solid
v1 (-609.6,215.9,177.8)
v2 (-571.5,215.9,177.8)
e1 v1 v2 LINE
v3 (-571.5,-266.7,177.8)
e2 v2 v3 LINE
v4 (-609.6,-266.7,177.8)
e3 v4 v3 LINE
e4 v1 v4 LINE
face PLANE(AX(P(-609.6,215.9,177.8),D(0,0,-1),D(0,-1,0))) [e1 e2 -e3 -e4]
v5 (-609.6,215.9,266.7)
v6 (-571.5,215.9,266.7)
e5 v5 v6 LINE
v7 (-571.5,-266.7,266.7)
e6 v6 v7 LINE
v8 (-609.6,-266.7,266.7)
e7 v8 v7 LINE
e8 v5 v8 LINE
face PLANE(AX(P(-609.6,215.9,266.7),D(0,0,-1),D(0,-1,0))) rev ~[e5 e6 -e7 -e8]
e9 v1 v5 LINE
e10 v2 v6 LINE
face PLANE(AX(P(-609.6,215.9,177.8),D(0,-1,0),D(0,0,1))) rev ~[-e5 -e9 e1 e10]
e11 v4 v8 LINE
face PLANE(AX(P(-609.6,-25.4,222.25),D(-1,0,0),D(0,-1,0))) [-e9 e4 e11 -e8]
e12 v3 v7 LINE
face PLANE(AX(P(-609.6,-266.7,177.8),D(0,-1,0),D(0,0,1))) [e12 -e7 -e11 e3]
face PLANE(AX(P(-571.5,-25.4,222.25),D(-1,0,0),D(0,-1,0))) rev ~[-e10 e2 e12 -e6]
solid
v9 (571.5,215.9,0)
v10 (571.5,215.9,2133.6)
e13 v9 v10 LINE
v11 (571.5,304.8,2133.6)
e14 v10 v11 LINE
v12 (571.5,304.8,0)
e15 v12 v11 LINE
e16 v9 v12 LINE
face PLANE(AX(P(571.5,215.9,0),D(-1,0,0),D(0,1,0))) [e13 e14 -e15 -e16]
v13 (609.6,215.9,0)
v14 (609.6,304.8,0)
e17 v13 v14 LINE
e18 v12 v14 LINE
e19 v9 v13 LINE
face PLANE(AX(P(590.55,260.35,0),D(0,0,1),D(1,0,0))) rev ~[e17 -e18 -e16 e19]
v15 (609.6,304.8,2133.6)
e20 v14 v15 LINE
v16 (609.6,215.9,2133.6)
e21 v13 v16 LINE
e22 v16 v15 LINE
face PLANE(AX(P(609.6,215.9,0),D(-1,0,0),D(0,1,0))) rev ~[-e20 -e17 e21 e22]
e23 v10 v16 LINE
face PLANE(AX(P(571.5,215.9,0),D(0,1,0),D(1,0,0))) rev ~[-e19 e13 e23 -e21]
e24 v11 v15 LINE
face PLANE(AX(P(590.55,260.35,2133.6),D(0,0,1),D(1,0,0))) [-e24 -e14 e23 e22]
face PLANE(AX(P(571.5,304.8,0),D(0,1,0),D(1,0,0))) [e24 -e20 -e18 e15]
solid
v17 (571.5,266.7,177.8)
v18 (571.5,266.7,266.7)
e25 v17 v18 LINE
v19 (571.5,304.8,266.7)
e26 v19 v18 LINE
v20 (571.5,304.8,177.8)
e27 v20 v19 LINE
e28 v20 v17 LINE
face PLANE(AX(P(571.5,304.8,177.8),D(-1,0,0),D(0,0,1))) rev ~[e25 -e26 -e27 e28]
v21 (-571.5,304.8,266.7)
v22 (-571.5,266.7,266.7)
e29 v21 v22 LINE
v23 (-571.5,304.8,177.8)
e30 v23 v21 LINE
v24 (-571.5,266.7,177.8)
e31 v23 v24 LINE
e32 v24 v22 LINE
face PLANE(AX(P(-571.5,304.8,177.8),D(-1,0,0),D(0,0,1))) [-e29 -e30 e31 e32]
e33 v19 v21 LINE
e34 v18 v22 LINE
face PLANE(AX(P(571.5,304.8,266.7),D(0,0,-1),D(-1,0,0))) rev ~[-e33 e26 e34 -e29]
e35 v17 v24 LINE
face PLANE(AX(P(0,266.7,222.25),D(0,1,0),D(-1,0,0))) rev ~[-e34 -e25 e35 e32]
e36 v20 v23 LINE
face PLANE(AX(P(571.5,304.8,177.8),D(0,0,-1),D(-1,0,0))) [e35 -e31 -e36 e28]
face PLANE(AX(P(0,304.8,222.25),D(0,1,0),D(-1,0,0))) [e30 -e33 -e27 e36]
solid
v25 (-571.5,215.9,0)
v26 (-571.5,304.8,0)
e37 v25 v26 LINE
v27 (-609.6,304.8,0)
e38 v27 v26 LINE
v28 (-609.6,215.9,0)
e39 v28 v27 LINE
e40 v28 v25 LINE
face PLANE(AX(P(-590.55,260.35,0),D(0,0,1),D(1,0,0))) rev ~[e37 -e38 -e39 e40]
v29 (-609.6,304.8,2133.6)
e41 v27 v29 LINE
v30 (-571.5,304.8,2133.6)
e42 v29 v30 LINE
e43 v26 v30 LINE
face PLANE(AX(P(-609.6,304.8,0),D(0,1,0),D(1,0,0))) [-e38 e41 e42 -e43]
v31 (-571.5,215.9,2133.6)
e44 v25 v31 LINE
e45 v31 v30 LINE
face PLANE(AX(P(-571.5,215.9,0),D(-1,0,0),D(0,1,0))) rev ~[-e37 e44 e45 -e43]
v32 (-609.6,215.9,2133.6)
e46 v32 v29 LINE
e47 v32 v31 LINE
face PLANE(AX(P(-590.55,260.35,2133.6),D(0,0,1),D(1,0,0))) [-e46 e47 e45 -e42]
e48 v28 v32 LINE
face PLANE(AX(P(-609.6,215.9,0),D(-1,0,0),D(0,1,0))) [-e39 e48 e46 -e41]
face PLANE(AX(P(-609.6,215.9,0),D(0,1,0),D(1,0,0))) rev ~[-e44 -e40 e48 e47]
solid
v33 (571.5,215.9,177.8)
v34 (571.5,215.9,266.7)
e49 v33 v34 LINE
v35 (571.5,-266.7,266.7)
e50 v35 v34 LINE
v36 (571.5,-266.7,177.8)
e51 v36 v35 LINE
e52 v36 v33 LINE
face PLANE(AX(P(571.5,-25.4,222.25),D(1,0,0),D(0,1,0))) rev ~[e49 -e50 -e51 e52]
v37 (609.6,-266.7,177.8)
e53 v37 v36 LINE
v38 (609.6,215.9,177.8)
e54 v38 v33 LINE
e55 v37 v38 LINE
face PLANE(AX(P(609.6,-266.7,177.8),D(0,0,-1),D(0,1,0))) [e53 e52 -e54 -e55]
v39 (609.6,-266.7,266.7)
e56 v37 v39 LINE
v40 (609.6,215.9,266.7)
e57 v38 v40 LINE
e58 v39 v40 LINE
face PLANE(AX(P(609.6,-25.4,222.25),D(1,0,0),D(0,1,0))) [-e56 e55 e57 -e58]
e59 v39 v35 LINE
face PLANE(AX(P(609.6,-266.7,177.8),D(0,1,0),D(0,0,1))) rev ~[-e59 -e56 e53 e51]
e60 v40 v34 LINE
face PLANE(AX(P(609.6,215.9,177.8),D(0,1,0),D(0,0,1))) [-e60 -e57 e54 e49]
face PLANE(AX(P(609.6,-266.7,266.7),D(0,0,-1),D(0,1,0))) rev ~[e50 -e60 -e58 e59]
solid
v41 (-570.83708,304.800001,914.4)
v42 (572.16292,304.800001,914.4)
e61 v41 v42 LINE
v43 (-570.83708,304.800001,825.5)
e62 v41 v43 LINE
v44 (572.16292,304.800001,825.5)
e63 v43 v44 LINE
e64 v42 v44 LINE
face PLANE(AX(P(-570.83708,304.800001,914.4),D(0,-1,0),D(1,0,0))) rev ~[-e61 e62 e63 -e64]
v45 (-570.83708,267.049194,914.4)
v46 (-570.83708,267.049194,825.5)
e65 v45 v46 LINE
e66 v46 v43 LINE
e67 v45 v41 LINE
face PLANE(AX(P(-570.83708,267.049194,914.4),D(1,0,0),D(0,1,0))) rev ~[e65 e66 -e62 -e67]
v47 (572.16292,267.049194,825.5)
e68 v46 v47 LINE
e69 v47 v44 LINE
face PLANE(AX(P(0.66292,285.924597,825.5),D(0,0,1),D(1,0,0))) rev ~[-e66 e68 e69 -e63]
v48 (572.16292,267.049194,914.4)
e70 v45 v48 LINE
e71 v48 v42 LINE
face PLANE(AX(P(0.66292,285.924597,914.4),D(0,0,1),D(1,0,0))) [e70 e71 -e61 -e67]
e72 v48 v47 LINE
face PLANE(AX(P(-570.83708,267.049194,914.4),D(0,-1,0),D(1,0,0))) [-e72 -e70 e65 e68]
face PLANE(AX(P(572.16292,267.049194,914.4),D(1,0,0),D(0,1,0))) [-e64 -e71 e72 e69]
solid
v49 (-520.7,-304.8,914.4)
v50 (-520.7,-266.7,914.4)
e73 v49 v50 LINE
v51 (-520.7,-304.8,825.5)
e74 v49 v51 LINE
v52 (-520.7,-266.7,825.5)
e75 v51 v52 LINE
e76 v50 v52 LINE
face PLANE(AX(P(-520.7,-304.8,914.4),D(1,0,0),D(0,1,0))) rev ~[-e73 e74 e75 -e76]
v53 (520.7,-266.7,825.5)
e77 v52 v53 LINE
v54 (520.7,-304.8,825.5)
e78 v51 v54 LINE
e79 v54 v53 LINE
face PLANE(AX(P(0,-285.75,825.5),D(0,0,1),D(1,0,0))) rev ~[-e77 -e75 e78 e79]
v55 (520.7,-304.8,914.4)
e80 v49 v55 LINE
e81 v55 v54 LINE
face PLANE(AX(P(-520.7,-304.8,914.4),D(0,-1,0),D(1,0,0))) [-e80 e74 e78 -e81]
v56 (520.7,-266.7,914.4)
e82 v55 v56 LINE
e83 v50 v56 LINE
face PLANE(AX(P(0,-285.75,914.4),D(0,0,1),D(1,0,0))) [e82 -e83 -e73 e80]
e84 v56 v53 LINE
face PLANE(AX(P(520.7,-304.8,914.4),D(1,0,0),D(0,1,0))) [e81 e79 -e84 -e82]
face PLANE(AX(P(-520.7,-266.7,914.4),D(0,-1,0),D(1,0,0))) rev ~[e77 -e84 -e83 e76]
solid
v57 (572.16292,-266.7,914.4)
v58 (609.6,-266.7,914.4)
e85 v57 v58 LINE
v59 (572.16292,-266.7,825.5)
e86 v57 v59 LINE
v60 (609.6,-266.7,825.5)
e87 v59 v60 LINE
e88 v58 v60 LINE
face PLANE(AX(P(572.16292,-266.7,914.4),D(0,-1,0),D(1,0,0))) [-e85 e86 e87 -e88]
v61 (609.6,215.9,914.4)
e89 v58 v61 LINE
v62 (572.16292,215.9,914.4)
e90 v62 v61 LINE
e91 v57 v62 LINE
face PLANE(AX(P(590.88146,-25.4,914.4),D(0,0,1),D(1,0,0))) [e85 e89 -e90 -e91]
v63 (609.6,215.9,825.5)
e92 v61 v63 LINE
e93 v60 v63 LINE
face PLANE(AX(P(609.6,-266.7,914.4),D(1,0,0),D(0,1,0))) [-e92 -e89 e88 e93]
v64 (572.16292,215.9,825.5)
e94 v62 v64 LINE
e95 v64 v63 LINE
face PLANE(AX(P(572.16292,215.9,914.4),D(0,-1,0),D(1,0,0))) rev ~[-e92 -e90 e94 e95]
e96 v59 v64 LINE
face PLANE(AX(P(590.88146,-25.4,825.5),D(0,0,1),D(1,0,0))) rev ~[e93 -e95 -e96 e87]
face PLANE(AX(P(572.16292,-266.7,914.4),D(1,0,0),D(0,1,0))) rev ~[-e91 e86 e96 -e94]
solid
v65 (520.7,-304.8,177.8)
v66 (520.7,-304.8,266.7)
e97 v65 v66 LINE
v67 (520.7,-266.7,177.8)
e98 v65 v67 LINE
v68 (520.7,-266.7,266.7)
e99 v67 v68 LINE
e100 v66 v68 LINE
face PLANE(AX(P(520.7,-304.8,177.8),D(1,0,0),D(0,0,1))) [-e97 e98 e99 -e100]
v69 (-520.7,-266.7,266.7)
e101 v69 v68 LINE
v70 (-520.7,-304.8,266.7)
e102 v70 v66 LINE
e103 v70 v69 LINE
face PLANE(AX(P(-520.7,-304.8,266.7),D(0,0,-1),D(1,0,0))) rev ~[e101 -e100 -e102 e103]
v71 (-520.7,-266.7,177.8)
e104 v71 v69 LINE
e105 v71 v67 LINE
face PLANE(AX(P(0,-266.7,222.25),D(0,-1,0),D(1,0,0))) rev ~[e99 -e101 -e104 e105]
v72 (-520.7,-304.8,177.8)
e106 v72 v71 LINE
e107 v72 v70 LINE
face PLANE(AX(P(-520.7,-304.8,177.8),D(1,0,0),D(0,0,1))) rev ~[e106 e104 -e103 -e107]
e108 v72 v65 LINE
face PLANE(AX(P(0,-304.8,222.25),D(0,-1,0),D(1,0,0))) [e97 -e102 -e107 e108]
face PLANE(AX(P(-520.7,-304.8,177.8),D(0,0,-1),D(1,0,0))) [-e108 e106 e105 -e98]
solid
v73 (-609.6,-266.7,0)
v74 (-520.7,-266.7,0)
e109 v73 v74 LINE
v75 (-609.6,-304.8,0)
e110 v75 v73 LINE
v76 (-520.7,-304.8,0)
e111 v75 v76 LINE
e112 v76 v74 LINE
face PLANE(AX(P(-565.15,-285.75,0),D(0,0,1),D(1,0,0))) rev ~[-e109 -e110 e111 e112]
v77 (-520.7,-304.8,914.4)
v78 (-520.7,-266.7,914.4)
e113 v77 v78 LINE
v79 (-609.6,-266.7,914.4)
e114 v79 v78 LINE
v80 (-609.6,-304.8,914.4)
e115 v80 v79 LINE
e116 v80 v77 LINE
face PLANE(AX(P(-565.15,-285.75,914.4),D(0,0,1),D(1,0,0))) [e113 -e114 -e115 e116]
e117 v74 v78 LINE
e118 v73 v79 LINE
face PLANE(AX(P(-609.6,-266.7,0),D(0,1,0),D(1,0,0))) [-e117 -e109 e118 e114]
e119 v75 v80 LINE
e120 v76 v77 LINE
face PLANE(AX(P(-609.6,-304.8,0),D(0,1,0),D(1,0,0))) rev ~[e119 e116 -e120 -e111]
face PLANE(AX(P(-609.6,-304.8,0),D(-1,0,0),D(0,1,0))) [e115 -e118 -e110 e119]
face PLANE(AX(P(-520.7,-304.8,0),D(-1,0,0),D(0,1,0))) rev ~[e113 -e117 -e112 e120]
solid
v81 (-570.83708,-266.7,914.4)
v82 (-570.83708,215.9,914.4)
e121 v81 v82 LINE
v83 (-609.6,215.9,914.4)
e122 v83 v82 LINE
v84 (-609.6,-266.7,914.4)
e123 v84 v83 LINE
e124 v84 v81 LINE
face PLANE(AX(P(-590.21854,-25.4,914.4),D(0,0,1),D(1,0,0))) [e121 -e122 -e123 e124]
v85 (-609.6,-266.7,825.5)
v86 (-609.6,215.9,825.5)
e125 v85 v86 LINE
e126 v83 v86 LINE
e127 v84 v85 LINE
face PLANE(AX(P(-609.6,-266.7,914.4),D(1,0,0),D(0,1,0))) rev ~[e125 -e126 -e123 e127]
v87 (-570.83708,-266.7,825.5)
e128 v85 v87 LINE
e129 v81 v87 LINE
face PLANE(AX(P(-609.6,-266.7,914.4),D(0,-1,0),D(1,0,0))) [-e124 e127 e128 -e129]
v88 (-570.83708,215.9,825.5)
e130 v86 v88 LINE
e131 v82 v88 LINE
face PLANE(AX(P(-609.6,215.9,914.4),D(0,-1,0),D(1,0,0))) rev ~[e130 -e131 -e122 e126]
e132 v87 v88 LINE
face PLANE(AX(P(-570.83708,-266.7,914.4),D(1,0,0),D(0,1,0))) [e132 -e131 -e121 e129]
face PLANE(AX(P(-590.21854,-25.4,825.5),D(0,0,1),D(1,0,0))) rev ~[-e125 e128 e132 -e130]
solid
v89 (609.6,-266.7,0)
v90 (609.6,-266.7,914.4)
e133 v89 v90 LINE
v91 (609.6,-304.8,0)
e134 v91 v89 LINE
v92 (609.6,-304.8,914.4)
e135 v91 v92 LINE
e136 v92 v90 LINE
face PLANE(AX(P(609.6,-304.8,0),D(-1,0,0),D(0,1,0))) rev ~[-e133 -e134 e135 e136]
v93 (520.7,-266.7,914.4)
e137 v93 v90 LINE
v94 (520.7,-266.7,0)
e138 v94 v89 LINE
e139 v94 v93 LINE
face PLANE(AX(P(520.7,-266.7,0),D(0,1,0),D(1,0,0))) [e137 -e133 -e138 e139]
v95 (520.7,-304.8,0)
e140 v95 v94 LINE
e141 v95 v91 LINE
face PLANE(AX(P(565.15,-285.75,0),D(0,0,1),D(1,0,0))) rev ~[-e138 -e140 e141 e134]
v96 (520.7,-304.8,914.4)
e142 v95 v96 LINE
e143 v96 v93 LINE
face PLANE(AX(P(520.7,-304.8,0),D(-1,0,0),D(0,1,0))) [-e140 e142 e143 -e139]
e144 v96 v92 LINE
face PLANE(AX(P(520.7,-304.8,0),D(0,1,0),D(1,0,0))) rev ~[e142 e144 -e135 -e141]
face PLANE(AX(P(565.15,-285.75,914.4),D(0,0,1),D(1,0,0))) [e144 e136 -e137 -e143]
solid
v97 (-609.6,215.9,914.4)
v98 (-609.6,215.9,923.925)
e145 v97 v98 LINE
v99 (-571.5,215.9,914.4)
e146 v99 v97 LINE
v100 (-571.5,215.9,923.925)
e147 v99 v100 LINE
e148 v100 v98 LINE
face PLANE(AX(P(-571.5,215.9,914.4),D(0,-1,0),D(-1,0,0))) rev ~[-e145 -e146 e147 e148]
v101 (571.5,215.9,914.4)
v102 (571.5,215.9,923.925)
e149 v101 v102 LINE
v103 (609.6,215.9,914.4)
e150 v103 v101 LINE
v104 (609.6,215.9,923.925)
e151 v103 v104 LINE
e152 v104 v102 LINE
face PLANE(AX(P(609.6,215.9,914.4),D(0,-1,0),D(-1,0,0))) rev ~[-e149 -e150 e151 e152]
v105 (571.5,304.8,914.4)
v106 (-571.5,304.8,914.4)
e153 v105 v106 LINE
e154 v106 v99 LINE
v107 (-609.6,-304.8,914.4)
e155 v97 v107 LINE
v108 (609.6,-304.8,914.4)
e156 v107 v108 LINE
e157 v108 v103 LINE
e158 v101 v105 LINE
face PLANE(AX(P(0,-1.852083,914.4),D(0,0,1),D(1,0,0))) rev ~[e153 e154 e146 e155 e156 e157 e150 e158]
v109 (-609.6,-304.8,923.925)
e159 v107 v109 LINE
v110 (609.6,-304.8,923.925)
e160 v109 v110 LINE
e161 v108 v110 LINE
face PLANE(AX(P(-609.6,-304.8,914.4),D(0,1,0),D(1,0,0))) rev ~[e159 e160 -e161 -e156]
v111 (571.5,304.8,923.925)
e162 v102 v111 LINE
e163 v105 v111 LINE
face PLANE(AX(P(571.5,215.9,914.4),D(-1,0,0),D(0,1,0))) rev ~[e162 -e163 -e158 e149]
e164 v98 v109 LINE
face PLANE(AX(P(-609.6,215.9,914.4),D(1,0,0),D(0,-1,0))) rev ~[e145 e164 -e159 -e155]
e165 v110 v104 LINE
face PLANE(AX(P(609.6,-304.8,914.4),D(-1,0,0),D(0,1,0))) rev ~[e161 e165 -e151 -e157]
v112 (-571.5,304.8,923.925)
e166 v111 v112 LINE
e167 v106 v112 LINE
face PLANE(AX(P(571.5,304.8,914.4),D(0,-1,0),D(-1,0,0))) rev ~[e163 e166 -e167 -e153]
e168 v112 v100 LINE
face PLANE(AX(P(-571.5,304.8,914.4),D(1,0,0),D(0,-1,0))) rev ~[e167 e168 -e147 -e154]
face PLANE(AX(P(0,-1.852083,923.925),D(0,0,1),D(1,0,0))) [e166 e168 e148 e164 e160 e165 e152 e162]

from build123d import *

# Parameters (mm, degrees)
F0_W      = 38.1
F0_H      = 88.9
F1_DEPTH  = 2133.6
F0_W_2    = 88.9
F0_H_2    = 38.1
F2_DEPTH  = 914.4
F3_W      = 1041.4
F3_H      = 88.9
F4_DEPTH  = 38.1
F5_W      = 482.6
F5_H      = 88.9
F6_DEPTH  = 38.1
F7_W      = 1143
F7_H      = 88.9
F8_DEPTH  = 38.1
F9_W      = 482.6
F9_H      = 88.9
F10_DEPTH = 38.1
F11_W     = 38.76292
F11_H     = 482.6
F11_W_2   = 1143
F11_H_2   = 37.750807
F11_W_3   = 37.43708
F11_W_4   = 1041.4
F11_H_3   = 38.1
F12_DEPTH = 88.9
F14_DEPTH = 9.525


with BuildPart() as f1:
    # F0 (on Top) → F1 (new body)
    with BuildSketch(Plane.XY):
        with Locations((-590.55, 260.35)):
            Rectangle(F0_W, F0_H)
        with Locations((590.55, 260.35)):
            Rectangle(F0_W, F0_H)
    extrude(amount=F1_DEPTH)


with BuildPart() as f2:
    # F0 (on Top) → F2 (new body)
    with BuildSketch(Plane.XY):
        with Locations((-565.15, -285.75)):
            Rectangle(F0_W_2, F0_H_2)
        with Locations((565.15, -285.75)):
            Rectangle(F0_W_2, F0_H_2)
    extrude(amount=F2_DEPTH)


with BuildPart() as f4:
    # F3 (on face) → F4 (new body)
    with BuildSketch(Plane.XZ.offset(304.8)):
        with Locations((0, 222.25)):
            Rectangle(F3_W, F3_H)
    extrude(amount=-F4_DEPTH)


with BuildPart() as f6:
    # F5 (on face) → F6 (new body)
    with BuildSketch(Plane.YZ.offset(609.6)):
        with Locations((-25.4, 222.25)):
            Rectangle(F5_W, F5_H)
    extrude(amount=-F6_DEPTH)


with BuildPart() as f8:
    # F7 (on face) → F8 (new body)
    with BuildSketch(Plane(origin=(0, 304.8, 0), x_dir=(-1, 0, 0), z_dir=(0, 1, 0))):
        with Locations((0, 222.25)):
            Rectangle(F7_W, F7_H)
    extrude(amount=-F8_DEPTH)


with BuildPart() as f10:
    # F9 (on face) → F10 (new body)
    with BuildSketch(Plane(origin=(-609.6, 0, 0), x_dir=(0, -1, 0), z_dir=(-1, 0, 0))):
        with Locations((25.4, 222.25)):
            Rectangle(F9_W, F9_H)
    extrude(amount=-F10_DEPTH)


with BuildPart() as f12:
    # F11 (on face) → F12 (new body)
    with BuildSketch(Plane.XY.offset(914.4)):
        with Locations((-590.21854, -25.4)):
            Rectangle(F11_W, F11_H)
        with Locations((0.66292, 285.924597)):
            Rectangle(F11_W_2, F11_H_2)
        with Locations((590.88146, -25.4)):
            Rectangle(F11_W_3, F11_H)
        with Locations((0, -285.75)):
            Rectangle(F11_W_4, F11_H_3)
    extrude(amount=-F12_DEPTH)


with BuildPart() as f14:
    # F13 (on face) → F14 (new body)
    with BuildSketch(Plane.XY.offset(914.4)):
        Polygon((-571.5, 215.9), (-609.6, 215.9), (-609.6, -304.8), (609.6, -304.8), (609.6, 215.9), (571.5, 215.9), (571.5, 304.8), (-571.5, 304.8), align=None)
    extrude(amount=F14_DEPTH)


solid = Compound([f1.part, f2.part, f4.part, f6.part, f8.part, f10.part, f12.part, f14.part])
